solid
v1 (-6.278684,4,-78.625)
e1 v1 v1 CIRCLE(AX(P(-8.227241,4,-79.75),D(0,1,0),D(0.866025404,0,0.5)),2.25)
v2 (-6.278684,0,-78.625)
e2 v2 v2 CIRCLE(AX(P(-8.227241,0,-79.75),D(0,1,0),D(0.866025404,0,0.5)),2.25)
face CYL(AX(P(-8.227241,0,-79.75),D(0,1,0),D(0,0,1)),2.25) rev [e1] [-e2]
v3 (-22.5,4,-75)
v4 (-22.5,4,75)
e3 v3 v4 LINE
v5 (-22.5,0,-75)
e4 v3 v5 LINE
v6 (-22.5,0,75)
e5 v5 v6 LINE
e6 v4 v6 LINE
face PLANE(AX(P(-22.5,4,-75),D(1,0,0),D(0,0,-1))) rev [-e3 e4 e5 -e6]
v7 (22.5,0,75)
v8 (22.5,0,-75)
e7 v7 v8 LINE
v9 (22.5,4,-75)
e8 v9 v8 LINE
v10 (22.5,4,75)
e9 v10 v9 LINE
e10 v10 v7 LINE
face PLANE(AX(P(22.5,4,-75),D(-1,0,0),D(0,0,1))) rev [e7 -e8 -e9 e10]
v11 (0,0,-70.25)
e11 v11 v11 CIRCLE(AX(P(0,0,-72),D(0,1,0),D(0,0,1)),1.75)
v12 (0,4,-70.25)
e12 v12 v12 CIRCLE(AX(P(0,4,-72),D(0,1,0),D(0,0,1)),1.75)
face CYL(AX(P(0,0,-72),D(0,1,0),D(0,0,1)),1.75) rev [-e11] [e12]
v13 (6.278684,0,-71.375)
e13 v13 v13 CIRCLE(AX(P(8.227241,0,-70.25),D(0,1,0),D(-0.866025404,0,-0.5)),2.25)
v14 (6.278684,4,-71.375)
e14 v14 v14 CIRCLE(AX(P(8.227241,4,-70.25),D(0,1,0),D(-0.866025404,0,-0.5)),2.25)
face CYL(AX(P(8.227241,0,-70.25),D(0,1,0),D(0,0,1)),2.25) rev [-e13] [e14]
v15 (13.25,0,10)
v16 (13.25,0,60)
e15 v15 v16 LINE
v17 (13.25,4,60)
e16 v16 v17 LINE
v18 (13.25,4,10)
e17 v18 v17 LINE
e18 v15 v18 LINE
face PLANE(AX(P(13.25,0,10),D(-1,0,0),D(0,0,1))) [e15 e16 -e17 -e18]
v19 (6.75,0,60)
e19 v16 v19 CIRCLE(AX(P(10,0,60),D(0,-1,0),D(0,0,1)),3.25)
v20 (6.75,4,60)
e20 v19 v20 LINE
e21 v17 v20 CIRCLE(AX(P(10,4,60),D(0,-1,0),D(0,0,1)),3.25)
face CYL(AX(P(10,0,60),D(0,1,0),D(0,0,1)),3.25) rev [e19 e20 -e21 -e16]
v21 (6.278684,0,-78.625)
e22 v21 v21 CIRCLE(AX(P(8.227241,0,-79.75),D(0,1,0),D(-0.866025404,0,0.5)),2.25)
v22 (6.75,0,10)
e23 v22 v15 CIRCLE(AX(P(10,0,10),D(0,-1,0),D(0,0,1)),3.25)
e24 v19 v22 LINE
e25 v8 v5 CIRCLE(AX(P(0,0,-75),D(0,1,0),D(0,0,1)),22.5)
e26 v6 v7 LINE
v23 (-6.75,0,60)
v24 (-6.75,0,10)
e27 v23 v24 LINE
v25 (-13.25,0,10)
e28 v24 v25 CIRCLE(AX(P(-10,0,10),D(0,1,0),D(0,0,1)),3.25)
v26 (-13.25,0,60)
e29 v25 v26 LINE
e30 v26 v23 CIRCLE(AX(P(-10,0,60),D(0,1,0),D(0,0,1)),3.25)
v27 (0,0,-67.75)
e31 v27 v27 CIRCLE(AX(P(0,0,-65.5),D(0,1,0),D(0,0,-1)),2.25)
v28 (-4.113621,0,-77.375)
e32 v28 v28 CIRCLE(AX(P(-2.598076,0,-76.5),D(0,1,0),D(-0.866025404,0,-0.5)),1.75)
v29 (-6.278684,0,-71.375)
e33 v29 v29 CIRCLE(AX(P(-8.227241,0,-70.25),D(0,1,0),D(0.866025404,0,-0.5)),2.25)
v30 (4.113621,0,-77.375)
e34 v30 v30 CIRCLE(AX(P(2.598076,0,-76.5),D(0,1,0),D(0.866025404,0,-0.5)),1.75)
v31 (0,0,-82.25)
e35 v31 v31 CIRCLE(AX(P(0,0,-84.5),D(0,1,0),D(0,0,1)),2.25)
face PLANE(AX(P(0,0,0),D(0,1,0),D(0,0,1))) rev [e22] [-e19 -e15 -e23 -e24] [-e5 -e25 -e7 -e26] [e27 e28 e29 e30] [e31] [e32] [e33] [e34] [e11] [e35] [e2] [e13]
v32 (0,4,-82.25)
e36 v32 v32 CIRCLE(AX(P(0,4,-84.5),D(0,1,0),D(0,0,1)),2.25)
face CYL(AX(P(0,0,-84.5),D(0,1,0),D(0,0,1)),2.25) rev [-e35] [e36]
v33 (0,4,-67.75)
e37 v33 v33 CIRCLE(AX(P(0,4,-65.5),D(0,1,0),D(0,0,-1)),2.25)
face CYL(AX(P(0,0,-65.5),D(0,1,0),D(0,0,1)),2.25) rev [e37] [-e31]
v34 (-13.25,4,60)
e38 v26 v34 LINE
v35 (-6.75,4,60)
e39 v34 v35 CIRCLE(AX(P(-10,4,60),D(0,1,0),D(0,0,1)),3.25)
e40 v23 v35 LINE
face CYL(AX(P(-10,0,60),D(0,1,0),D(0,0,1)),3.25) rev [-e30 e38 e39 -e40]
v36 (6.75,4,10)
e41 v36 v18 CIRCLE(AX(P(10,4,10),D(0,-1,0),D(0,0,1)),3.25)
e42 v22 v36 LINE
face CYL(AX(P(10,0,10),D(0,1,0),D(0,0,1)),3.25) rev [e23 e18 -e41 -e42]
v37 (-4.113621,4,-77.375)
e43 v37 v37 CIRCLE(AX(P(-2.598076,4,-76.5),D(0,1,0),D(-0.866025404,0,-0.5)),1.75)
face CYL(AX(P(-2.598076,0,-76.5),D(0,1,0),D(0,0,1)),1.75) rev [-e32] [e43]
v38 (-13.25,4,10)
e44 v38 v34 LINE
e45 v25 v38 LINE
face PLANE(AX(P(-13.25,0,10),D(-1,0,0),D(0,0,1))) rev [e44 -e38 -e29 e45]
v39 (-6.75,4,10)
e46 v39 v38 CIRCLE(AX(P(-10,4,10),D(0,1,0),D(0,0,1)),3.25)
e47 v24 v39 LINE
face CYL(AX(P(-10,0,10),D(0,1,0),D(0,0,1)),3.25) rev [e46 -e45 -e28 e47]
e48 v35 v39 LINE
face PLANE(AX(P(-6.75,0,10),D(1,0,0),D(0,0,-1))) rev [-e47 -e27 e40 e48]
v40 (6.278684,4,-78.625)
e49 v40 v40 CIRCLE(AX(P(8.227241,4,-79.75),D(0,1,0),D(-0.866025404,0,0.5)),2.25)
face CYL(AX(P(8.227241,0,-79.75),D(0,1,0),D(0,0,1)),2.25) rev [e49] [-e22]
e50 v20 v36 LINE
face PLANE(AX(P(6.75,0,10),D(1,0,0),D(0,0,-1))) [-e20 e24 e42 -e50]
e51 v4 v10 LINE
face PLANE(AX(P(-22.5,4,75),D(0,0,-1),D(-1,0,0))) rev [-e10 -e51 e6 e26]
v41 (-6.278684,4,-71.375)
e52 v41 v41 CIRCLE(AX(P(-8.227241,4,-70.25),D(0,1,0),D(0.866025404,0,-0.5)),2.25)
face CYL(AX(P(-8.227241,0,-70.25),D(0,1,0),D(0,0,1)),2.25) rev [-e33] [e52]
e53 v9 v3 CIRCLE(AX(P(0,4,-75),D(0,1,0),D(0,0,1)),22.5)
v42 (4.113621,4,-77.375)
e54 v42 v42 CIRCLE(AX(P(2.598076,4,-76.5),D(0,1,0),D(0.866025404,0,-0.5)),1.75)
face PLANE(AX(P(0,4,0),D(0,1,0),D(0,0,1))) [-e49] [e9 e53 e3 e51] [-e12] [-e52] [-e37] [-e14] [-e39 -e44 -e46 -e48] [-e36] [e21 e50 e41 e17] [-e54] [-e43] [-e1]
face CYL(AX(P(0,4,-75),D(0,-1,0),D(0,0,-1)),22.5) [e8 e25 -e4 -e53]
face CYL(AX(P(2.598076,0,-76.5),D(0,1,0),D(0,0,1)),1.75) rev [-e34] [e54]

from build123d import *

# Parameters (mm, degrees)
SKETCH1_W           = 45
SKETCH1_H           = 150
BOSS_EXTRUDE1_DEPTH = 4
SKETCH2_R           = 22.5
BOSS_EXTRUDE2_DEPTH = 4
SKETCH3_R           = 2.25
CUT_EXTRUDE1_DEPTH  = 5
CIRPATTERN1_COUNT   = 6
SKETCH4_R           = 1.75
CUT_EXTRUDE2_DEPTH  = 4
CIRPATTERN2_COUNT   = 3
CUT_EXTRUDE3_DEPTH  = 4


with BuildPart() as part:
    # Sketch1 → Boss-Extrude1 (new body)
    with BuildSketch(Plane(origin=(0, 0, 0), x_dir=(1, 0, 0), z_dir=(0, 1, 0))):
        Rectangle(SKETCH1_W, SKETCH1_H)
    extrude(amount=BOSS_EXTRUDE1_DEPTH)

    # Sketch2 → Boss-Extrude2 (add)
    with BuildSketch(Plane(origin=(0, 0, 0), x_dir=(1, 0, 0), z_dir=(0, 1, 0))):
        with Locations((0, 75)):
            Circle(SKETCH2_R)
    extrude(amount=BOSS_EXTRUDE2_DEPTH)

    # Sketch3 → Cut-Extrude1 (cut, through all)
    with BuildSketch(Plane(origin=(0, 4, 0), x_dir=(1, 0, 0), z_dir=(0, 1, 0))):
        with Locations((0, 84.5)):
            Circle(SKETCH3_R)
    cut_extrude1 = extrude(amount=-CUT_EXTRUDE1_DEPTH, mode=Mode.SUBTRACT)

    # CirPattern1: Cut-Extrude1 ×6 about axis
    cirpattern1_axis = Axis((0, 0, -75), (0, 1, 0))
    for i in range(1, CIRPATTERN1_COUNT):
        add(cut_extrude1.rotate(cirpattern1_axis, i * 360 / CIRPATTERN1_COUNT), mode=Mode.SUBTRACT)

    # Sketch4 → Cut-Extrude2 (cut)
    with BuildSketch(Plane(origin=(0, 4, 0), x_dir=(1, 0, 0), z_dir=(0, 1, 0))):
        with Locations((0, 72)):
            Circle(SKETCH4_R)
    cut_extrude2 = extrude(amount=-CUT_EXTRUDE2_DEPTH, mode=Mode.SUBTRACT)

    # CirPattern2: Cut-Extrude2 ×3 about axis
    cirpattern2_axis = Axis((0, 0, -75), (0, 1, 0))
    for i in range(1, CIRPATTERN2_COUNT):
        add(cut_extrude2.rotate(cirpattern2_axis, i * 360 / CIRPATTERN2_COUNT), mode=Mode.SUBTRACT)

    # Sketch5 → Cut-Extrude3 (cut)
    with BuildSketch(Plane(origin=(0, 4, 0), x_dir=(1, 0, 0), z_dir=(0, 1, 0))):
        with BuildLine():
            Line((-6.75, -10), (-6.75, -60))
            ThreePointArc((-6.75, -60), (-10, -63.25), (-13.25, -60))
            Line((-13.25, -60), (-13.25, -10))
            ThreePointArc((-13.25, -10), (-10, -6.75), (-6.75, -10))
        make_face()
    cut_extrude3 = extrude(amount=-CUT_EXTRUDE3_DEPTH, mode=Mode.SUBTRACT)

    # Mirror1: Cut-Extrude3 across plane
    add(cut_extrude3.mirror(Plane(origin=(0, 0, 0), x_dir=(0, 0, 1), z_dir=(1, 0, 0))), mode=Mode.SUBTRACT)


solid = part.part
